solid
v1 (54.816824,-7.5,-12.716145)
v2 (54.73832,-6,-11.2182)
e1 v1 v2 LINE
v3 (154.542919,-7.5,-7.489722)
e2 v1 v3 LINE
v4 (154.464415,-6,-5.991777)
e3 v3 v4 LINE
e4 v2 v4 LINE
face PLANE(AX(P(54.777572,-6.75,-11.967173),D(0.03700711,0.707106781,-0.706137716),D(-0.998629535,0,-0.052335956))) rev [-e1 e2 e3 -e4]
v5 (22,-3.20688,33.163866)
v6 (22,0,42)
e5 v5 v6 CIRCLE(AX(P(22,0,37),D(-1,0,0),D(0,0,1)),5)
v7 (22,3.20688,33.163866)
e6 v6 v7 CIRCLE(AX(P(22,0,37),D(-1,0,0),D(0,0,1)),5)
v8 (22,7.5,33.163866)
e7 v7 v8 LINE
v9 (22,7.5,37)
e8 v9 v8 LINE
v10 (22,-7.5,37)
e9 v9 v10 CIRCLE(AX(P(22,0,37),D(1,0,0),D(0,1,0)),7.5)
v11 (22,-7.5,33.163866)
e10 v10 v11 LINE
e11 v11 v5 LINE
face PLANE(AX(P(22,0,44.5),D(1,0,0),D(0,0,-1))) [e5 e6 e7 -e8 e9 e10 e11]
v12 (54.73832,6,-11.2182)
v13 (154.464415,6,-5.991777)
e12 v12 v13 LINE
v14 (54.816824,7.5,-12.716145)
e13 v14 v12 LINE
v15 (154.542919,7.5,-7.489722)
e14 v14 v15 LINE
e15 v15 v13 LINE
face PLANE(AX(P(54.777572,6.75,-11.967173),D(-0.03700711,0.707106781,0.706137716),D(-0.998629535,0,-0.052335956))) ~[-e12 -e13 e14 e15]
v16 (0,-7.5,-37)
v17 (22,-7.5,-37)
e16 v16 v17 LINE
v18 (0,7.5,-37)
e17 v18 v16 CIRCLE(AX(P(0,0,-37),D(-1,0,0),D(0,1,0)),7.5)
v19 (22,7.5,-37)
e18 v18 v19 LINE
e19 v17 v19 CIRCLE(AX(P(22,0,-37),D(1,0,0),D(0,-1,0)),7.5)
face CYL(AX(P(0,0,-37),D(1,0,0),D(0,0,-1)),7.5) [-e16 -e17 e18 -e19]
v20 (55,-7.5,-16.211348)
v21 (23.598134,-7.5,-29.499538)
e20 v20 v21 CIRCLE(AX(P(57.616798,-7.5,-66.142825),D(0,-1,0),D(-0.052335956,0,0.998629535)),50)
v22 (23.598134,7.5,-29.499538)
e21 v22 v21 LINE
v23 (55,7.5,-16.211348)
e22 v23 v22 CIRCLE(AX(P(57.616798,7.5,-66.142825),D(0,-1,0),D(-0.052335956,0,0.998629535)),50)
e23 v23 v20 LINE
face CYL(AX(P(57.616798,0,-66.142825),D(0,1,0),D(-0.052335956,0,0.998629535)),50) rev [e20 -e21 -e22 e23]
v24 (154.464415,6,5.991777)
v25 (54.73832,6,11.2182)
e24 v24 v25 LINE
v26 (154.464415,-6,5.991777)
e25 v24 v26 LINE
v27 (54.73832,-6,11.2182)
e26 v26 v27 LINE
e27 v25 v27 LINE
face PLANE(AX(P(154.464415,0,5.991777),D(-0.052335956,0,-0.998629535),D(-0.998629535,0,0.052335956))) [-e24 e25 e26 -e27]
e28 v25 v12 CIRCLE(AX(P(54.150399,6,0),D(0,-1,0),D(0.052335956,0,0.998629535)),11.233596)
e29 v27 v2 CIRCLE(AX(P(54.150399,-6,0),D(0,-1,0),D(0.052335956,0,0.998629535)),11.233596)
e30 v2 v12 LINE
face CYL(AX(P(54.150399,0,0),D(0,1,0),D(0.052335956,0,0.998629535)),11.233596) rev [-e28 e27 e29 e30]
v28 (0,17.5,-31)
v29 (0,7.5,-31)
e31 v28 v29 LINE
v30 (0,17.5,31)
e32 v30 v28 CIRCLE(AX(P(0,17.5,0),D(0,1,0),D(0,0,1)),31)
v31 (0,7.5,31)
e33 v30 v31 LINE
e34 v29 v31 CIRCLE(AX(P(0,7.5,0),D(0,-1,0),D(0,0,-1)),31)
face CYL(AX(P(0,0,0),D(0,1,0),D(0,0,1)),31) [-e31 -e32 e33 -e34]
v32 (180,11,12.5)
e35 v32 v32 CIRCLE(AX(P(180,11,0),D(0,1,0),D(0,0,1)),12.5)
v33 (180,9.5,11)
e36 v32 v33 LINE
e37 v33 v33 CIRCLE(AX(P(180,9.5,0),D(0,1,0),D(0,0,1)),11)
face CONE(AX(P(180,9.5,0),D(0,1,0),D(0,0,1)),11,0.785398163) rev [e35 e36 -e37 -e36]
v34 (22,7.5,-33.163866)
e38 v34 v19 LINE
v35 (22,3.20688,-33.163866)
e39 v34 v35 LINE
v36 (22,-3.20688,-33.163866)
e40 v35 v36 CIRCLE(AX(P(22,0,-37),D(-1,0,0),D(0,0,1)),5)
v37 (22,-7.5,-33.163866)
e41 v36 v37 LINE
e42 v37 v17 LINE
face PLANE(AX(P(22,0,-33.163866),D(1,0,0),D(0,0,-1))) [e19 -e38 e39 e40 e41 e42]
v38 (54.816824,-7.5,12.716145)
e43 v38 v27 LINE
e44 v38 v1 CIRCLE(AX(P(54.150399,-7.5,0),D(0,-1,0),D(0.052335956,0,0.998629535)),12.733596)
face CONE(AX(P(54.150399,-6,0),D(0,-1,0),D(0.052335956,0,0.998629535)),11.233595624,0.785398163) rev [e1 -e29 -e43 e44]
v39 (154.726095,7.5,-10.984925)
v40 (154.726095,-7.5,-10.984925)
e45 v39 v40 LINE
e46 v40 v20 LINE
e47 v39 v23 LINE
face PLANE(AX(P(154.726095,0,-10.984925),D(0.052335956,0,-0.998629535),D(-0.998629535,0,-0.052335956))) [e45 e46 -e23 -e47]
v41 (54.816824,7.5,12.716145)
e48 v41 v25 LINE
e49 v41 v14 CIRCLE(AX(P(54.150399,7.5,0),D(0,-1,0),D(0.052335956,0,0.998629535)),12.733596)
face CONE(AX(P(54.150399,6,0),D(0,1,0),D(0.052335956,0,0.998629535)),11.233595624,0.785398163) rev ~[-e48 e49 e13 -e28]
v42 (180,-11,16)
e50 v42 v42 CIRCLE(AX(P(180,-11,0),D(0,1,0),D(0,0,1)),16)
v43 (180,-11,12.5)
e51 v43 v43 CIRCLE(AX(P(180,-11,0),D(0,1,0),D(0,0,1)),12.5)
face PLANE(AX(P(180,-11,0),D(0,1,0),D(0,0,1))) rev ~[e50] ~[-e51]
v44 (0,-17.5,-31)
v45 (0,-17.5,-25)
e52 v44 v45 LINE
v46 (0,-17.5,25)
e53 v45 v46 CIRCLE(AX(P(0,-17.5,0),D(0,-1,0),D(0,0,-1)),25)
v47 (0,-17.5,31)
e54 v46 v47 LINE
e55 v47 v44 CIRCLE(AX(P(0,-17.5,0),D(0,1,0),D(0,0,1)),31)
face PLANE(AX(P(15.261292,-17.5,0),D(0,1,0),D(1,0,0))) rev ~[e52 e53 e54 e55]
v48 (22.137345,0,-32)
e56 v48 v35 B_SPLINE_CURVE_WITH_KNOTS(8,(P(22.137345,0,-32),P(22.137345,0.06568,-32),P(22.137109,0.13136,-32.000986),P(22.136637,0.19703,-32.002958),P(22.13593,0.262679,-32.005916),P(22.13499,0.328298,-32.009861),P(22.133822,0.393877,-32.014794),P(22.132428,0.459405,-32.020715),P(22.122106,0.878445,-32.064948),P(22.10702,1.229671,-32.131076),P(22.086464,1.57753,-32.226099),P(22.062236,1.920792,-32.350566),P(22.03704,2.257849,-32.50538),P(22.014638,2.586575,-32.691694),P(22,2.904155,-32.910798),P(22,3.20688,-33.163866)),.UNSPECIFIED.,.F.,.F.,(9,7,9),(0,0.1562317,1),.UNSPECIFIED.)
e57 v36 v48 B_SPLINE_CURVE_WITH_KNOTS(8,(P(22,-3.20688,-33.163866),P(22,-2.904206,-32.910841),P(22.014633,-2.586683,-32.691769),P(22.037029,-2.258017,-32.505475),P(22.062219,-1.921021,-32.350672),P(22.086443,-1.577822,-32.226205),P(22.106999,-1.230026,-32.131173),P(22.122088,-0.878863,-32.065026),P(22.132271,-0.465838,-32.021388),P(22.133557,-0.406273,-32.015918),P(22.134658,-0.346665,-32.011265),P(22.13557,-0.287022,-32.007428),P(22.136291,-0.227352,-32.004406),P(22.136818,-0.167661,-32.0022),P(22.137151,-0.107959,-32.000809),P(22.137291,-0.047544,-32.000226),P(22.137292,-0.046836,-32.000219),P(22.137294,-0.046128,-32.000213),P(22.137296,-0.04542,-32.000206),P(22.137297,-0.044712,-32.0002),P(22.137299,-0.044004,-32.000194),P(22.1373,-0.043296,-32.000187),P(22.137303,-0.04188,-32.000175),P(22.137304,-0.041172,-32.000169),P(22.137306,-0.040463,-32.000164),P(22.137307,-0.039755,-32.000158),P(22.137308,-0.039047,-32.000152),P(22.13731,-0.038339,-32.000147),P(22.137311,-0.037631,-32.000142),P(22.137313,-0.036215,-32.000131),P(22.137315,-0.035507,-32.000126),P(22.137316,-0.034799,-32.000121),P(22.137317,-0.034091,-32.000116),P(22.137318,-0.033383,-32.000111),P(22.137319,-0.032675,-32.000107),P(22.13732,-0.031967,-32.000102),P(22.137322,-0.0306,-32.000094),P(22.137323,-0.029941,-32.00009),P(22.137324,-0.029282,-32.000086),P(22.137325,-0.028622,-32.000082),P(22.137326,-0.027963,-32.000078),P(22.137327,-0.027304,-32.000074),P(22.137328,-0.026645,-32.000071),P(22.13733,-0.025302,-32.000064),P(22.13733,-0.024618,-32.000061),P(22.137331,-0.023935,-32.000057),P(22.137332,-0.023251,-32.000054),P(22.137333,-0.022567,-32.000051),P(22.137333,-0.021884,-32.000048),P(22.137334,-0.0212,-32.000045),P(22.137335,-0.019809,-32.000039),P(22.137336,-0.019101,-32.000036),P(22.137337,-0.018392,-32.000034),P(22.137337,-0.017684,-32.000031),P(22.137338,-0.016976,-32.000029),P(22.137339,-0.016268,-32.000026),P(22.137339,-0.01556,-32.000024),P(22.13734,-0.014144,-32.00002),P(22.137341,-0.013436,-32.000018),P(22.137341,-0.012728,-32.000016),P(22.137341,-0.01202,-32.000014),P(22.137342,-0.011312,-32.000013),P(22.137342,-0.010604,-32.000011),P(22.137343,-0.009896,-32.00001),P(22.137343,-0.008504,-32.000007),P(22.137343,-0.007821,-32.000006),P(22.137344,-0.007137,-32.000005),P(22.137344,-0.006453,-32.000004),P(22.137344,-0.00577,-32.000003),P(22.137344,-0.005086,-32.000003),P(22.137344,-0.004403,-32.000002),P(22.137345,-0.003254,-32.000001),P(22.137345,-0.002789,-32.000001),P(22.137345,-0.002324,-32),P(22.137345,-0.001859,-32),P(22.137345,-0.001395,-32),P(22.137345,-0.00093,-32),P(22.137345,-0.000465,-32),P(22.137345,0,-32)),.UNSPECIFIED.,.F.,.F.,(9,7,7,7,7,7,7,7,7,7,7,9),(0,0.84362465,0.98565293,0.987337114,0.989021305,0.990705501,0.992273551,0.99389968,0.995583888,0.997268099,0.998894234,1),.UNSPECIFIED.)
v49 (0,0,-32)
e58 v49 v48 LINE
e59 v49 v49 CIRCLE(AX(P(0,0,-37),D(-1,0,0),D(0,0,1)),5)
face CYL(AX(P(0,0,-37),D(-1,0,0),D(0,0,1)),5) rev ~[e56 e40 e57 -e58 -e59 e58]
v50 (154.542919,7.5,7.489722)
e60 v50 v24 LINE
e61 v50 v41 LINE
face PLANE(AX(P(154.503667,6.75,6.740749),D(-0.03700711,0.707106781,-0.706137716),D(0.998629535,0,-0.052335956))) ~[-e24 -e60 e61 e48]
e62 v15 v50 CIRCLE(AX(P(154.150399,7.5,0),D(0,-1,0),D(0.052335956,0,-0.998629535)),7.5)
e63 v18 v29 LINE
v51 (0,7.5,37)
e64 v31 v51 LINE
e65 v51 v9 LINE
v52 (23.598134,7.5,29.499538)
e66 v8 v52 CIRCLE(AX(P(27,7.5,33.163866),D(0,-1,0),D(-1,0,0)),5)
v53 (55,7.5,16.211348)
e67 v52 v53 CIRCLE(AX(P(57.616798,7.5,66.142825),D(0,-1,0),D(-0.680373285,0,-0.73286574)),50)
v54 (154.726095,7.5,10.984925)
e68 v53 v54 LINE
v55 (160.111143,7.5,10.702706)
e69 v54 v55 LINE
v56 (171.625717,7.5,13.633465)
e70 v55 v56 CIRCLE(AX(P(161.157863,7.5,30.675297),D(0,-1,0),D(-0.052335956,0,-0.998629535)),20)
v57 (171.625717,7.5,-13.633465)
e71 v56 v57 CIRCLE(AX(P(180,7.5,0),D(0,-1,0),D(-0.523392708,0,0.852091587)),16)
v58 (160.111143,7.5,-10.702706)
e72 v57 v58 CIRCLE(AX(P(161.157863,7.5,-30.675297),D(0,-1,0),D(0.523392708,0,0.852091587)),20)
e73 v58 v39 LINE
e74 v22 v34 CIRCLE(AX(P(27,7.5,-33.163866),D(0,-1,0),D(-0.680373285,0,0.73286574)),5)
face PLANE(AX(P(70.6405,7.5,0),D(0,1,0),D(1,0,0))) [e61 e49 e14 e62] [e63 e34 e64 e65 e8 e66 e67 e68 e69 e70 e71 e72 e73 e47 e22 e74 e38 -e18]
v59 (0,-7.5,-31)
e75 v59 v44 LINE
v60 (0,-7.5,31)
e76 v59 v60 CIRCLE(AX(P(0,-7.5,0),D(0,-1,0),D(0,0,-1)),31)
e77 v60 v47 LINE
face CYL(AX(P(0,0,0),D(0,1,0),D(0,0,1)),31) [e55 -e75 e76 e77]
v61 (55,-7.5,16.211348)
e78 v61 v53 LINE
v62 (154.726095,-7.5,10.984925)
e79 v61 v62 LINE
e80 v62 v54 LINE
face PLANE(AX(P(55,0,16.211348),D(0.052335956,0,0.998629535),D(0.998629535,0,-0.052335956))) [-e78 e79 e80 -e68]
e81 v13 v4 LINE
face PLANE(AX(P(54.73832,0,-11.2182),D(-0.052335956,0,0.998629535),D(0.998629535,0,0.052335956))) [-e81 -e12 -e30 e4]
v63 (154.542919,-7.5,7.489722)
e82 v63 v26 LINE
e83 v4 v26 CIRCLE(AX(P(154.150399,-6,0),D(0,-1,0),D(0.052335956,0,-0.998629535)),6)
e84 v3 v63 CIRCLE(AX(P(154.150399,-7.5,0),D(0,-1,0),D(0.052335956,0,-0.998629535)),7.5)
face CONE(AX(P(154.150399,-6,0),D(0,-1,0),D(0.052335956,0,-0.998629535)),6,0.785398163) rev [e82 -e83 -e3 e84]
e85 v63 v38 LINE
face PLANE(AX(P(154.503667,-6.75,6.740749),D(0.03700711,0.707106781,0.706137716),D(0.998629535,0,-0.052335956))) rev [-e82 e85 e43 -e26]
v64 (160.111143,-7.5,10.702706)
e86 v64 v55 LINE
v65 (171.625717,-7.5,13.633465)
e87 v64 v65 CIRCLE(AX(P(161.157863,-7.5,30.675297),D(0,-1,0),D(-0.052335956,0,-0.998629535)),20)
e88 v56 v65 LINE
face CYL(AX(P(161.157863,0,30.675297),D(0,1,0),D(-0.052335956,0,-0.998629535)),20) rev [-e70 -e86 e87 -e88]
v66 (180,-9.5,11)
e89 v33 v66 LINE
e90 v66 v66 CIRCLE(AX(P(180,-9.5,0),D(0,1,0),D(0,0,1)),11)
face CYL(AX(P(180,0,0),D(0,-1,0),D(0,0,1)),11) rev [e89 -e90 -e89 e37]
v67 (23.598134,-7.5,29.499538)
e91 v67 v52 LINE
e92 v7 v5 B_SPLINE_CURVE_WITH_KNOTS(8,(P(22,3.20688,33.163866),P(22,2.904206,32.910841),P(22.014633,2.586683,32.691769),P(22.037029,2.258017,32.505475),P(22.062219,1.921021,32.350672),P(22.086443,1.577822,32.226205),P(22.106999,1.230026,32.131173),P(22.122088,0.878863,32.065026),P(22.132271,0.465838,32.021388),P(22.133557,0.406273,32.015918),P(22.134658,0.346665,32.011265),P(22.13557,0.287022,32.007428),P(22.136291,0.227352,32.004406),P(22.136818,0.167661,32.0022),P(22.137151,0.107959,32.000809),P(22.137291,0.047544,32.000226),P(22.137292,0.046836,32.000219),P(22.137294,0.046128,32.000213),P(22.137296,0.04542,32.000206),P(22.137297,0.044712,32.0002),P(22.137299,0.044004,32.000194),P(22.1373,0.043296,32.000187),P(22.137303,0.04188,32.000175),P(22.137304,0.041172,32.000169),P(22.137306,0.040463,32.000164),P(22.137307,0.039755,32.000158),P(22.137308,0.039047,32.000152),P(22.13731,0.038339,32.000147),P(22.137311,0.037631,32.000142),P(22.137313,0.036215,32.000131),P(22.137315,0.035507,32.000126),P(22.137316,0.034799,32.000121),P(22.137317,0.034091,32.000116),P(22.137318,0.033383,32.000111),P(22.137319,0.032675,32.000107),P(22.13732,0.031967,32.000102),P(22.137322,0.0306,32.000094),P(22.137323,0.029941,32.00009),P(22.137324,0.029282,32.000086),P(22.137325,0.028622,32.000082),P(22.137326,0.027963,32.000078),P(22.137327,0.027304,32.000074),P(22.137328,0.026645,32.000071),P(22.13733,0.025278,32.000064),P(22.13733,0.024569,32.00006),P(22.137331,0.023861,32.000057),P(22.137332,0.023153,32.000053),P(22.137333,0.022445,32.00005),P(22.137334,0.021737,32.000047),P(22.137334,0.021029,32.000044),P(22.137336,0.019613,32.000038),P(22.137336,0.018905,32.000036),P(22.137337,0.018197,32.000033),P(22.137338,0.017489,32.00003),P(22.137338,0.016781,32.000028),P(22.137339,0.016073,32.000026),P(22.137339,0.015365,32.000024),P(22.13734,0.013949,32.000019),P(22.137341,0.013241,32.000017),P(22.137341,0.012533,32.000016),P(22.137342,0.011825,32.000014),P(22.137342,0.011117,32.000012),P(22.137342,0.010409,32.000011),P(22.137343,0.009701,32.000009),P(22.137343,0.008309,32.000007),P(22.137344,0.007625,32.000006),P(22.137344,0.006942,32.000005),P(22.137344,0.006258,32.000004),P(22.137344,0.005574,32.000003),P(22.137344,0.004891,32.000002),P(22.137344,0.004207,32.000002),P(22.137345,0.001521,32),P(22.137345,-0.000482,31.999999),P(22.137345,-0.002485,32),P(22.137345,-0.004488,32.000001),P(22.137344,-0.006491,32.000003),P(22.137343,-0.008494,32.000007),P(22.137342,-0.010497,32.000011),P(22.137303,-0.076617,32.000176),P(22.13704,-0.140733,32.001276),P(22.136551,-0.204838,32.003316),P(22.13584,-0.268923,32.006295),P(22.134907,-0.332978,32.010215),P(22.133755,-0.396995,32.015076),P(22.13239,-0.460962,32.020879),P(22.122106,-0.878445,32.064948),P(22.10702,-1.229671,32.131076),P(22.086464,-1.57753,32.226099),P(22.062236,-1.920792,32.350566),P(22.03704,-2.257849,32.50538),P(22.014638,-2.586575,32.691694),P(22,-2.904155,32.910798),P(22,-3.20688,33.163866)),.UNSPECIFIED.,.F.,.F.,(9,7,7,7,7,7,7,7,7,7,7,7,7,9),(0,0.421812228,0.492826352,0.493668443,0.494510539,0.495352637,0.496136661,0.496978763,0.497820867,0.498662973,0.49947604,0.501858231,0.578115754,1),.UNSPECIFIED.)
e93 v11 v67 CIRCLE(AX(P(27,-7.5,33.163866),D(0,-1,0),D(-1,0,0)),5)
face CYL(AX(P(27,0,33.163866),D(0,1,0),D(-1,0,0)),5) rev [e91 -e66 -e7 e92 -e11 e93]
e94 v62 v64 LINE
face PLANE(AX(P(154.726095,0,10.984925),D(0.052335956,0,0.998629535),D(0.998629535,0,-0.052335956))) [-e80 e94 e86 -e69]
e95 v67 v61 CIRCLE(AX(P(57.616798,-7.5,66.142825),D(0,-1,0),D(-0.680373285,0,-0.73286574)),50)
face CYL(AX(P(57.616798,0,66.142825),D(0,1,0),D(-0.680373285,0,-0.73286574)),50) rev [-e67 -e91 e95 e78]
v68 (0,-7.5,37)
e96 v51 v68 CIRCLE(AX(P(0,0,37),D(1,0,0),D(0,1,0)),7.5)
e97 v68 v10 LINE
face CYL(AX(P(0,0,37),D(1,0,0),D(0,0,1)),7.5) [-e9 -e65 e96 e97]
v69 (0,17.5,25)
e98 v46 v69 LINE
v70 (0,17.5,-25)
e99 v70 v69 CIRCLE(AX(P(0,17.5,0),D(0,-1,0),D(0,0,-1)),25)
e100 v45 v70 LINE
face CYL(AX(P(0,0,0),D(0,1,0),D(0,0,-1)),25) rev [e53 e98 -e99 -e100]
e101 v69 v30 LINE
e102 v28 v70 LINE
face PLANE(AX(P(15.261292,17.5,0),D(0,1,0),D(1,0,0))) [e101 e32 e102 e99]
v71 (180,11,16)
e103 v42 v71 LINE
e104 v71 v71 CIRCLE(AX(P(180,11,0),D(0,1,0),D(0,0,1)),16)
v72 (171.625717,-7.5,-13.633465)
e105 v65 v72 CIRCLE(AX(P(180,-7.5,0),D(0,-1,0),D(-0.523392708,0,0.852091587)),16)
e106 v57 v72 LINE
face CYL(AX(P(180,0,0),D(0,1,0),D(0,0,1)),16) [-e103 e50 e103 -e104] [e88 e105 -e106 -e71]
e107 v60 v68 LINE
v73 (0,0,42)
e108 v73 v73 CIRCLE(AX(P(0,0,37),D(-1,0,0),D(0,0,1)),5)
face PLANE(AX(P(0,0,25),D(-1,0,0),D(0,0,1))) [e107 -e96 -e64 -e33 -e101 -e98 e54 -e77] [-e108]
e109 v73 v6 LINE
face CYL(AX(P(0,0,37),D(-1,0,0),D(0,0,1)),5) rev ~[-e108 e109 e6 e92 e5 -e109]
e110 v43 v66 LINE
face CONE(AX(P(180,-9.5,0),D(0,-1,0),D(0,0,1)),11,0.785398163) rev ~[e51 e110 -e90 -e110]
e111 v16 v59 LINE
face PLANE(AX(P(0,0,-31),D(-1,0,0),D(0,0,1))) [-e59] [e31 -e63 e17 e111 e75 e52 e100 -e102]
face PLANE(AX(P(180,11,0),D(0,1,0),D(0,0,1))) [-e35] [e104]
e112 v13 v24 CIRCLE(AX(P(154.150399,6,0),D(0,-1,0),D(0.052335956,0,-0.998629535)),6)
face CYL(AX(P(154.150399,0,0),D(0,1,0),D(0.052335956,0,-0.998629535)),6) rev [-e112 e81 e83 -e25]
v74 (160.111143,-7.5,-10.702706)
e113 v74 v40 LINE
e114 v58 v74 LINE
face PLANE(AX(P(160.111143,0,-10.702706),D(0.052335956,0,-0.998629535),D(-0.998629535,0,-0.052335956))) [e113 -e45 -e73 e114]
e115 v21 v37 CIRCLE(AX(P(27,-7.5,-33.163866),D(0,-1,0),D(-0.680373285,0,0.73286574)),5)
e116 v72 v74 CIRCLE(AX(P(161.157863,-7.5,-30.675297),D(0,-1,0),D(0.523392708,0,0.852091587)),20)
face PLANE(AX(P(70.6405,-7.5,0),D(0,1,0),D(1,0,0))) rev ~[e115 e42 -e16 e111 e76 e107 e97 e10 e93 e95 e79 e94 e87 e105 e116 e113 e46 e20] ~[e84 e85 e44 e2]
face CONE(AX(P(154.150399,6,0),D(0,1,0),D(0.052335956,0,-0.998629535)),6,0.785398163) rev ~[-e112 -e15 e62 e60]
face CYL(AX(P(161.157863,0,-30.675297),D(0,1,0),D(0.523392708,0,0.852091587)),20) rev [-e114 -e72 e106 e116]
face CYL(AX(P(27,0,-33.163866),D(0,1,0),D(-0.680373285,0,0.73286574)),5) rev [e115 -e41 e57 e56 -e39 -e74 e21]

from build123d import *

# Parameters (mm, degrees)
SKETCH1_R           = 16
SKETCH1_R_2         = 11
BOSS_EXTRUDE1_DEPTH = 11
BOSS_EXTRUDE2_DEPTH = 17.5
BOSS_EXTRUDE3_DEPTH = 7.5
CHAMFER1_SIZE       = 1.5
FILLET1_RADIUS      = 7.5
FILLET1_LENGTH      = 22
FILLET2_RADIUS      = 7.5
FILLET2_LENGTH      = 22
SKETCH2_R           = 5
CUT_EXTRUDE1_DEPTH  = 202.748605943


with BuildPart() as part:
    # Sketch1 → Boss-Extrude1 (new, symmetric)
    with BuildSketch(Plane(origin=(0, 0, 0), x_dir=(1, 0, 0), z_dir=(0, 1, 0))):
        with Locations(Location((180, 0, 0), (0, 0, 270))):
            Circle(SKETCH1_R)
        with Locations(Location((180, 0, 0), (0, 0, 270))):
            Circle(SKETCH1_R_2, mode=Mode.SUBTRACT)
    extrude(amount=BOSS_EXTRUDE1_DEPTH, both=True)



with BuildPart() as body_2:
    # Sketch1<3> → Boss-Extrude2 (new, symmetric)
    with BuildSketch(Plane(origin=(0, 0, 0), x_dir=(1, 0, 0), z_dir=(0, 1, 0))):
        with BuildLine():
            Line((0, 31), (0, 25))
            ThreePointArc((0, 25), (25, 0), (0, -25))
            Line((0, -25), (0, -31))
            ThreePointArc((0, -31), (31, 0), (0, 31))
        make_face()
    extrude(amount=BOSS_EXTRUDE2_DEPTH, both=True)


with BuildPart() as part_1:
    add(part.part)

    add(body_2.part)  # Boss-Extrude3 merges body 2
    # Sketch1<4> → Boss-Extrude3 (add, symmetric)
    with BuildSketch(Plane(origin=(0, 0, 0), x_dir=(1, 0, 0), z_dir=(0, 1, 0))):
        with BuildLine():
            Line((0, 44.5), (0, 31))
            ThreePointArc((0, 31), (31, 0), (0, -31))
            Line((0, -31), (0, -44.5))
            Line((0, -44.5), (22, -44.5))
            Line((22, -44.5), (22, -33.163866466))
            ThreePointArc((22, -33.163866466), (22.416915225, -31.165033321), (23.598133576, -29.499537764))
            ThreePointArc((23.598133576, -29.499537764), (38.131334863, -20.095927671), (55, -16.211348046))
            Line((55, -16.211348046), (154.726094768, -10.984924882))
            Line((154.726094768, -10.984924882), (160.111143378, -10.702706443))
            ThreePointArc((160.111143378, -10.702706443), (166.09109505, -11.293263792), (171.625716668, -13.633465395))
            ThreePointArc((171.625716668, -13.633465395), (164, 0), (171.625716668, 13.633465395))
            ThreePointArc((171.625716668, 13.633465395), (166.09109505, 11.293263792), (160.111143378, 10.702706443))
            Line((160.111143378, 10.702706443), (154.726094768, 10.984924882))
            Line((154.726094768, 10.984924882), (55, 16.211348046))
            ThreePointArc((55, 16.211348046), (38.131334863, 20.095927671), (23.598133576, 29.499537764))
            ThreePointArc((23.598133576, 29.499537764), (22.416915225, 31.165033321), (22, 33.163866466))
            Line((22, 33.163866466), (22, 44.5))
            Line((22, 44.5), (0, 44.5))
        make_face()
        with BuildLine():
            Line((54.738320219, 11.218200372), (154.464414987, 5.991777209))
            ThreePointArc((154.464414987, 5.991777209), (160.15039925, 0), (154.464414987, -5.991777209))
            Line((154.464414987, -5.991777209), (54.738320219, -11.218200372))
            ThreePointArc((54.738320219, -11.218200372), (42.916803625, 0), (54.738320219, 11.218200372))
        make_face(mode=Mode.SUBTRACT)
    extrude(amount=BOSS_EXTRUDE3_DEPTH, both=True)

    # Chamfer1
    chamfer1_edges = [part_1.edges().sort_by_distance(p)[0] for p in [
        (160.15039925, 7.5, 0),
        (104.601367603, -7.5, 8.60498879),
        (42.916803625, 7.5, 0),
        (104.601367603, 7.5, -8.60498879),
        (104.601367603, 7.5, 8.60498879),
        (160.15039925, -7.5, 0),
        (104.601367603, -7.5, -8.60498879),
        (42.916803625, -7.5, 0),
        (180, -11, -11),
        (180, 11, -11),
    ]]
    chamfer(chamfer1_edges, length=CHAMFER1_SIZE)

    # Fillet1: full round fillet: the end face becomes a half cylinder, R = half its width
    fillet1_face = Plane((11, 0, 44.5), x_dir=(1, 0, 0), z_dir=(0, 0, 1))  # on the end face: x along it, z out of the body
    fillet1_slab = fillet1_face.offset(-FILLET1_RADIUS / 2) * Box(FILLET1_LENGTH, 2 * FILLET1_RADIUS, FILLET1_RADIUS, mode=Mode.PRIVATE)  # the body's end, R deep
    fillet1_round = Plane((11, 0, 37), x_dir=(0, 0, 1), z_dir=(1, 0, 0)) * Cylinder(FILLET1_RADIUS, FILLET1_LENGTH, mode=Mode.PRIVATE)  # its axis R under the face
    add(fillet1_slab - fillet1_round, mode=Mode.SUBTRACT)

    # Fillet2: full round fillet: the end face becomes a half cylinder, R = half its width
    fillet2_face = Plane((11, 0, -44.5), x_dir=(1, 0, 0), z_dir=(0, 0, -1))  # on the end face: x along it, z out of the body
    fillet2_slab = fillet2_face.offset(-FILLET2_RADIUS / 2) * Box(FILLET2_LENGTH, 2 * FILLET2_RADIUS, FILLET2_RADIUS, mode=Mode.PRIVATE)  # the body's end, R deep
    fillet2_round = Plane((11, 0, -37), x_dir=(0, 0, -1), z_dir=(1, 0, 0)) * Cylinder(FILLET2_RADIUS, FILLET2_LENGTH, mode=Mode.PRIVATE)  # its axis R under the face
    add(fillet2_slab - fillet2_round, mode=Mode.SUBTRACT)

    # Sketch2 → Cut-Extrude1 (cut, through all)
    with BuildSketch(Plane.ZY):
        with Locations((-37, 0)):
            Circle(SKETCH2_R)
        with Locations((37, 0)):
            Circle(SKETCH2_R)
    extrude(amount=-CUT_EXTRUDE1_DEPTH, mode=Mode.SUBTRACT)


solid = part_1.part
